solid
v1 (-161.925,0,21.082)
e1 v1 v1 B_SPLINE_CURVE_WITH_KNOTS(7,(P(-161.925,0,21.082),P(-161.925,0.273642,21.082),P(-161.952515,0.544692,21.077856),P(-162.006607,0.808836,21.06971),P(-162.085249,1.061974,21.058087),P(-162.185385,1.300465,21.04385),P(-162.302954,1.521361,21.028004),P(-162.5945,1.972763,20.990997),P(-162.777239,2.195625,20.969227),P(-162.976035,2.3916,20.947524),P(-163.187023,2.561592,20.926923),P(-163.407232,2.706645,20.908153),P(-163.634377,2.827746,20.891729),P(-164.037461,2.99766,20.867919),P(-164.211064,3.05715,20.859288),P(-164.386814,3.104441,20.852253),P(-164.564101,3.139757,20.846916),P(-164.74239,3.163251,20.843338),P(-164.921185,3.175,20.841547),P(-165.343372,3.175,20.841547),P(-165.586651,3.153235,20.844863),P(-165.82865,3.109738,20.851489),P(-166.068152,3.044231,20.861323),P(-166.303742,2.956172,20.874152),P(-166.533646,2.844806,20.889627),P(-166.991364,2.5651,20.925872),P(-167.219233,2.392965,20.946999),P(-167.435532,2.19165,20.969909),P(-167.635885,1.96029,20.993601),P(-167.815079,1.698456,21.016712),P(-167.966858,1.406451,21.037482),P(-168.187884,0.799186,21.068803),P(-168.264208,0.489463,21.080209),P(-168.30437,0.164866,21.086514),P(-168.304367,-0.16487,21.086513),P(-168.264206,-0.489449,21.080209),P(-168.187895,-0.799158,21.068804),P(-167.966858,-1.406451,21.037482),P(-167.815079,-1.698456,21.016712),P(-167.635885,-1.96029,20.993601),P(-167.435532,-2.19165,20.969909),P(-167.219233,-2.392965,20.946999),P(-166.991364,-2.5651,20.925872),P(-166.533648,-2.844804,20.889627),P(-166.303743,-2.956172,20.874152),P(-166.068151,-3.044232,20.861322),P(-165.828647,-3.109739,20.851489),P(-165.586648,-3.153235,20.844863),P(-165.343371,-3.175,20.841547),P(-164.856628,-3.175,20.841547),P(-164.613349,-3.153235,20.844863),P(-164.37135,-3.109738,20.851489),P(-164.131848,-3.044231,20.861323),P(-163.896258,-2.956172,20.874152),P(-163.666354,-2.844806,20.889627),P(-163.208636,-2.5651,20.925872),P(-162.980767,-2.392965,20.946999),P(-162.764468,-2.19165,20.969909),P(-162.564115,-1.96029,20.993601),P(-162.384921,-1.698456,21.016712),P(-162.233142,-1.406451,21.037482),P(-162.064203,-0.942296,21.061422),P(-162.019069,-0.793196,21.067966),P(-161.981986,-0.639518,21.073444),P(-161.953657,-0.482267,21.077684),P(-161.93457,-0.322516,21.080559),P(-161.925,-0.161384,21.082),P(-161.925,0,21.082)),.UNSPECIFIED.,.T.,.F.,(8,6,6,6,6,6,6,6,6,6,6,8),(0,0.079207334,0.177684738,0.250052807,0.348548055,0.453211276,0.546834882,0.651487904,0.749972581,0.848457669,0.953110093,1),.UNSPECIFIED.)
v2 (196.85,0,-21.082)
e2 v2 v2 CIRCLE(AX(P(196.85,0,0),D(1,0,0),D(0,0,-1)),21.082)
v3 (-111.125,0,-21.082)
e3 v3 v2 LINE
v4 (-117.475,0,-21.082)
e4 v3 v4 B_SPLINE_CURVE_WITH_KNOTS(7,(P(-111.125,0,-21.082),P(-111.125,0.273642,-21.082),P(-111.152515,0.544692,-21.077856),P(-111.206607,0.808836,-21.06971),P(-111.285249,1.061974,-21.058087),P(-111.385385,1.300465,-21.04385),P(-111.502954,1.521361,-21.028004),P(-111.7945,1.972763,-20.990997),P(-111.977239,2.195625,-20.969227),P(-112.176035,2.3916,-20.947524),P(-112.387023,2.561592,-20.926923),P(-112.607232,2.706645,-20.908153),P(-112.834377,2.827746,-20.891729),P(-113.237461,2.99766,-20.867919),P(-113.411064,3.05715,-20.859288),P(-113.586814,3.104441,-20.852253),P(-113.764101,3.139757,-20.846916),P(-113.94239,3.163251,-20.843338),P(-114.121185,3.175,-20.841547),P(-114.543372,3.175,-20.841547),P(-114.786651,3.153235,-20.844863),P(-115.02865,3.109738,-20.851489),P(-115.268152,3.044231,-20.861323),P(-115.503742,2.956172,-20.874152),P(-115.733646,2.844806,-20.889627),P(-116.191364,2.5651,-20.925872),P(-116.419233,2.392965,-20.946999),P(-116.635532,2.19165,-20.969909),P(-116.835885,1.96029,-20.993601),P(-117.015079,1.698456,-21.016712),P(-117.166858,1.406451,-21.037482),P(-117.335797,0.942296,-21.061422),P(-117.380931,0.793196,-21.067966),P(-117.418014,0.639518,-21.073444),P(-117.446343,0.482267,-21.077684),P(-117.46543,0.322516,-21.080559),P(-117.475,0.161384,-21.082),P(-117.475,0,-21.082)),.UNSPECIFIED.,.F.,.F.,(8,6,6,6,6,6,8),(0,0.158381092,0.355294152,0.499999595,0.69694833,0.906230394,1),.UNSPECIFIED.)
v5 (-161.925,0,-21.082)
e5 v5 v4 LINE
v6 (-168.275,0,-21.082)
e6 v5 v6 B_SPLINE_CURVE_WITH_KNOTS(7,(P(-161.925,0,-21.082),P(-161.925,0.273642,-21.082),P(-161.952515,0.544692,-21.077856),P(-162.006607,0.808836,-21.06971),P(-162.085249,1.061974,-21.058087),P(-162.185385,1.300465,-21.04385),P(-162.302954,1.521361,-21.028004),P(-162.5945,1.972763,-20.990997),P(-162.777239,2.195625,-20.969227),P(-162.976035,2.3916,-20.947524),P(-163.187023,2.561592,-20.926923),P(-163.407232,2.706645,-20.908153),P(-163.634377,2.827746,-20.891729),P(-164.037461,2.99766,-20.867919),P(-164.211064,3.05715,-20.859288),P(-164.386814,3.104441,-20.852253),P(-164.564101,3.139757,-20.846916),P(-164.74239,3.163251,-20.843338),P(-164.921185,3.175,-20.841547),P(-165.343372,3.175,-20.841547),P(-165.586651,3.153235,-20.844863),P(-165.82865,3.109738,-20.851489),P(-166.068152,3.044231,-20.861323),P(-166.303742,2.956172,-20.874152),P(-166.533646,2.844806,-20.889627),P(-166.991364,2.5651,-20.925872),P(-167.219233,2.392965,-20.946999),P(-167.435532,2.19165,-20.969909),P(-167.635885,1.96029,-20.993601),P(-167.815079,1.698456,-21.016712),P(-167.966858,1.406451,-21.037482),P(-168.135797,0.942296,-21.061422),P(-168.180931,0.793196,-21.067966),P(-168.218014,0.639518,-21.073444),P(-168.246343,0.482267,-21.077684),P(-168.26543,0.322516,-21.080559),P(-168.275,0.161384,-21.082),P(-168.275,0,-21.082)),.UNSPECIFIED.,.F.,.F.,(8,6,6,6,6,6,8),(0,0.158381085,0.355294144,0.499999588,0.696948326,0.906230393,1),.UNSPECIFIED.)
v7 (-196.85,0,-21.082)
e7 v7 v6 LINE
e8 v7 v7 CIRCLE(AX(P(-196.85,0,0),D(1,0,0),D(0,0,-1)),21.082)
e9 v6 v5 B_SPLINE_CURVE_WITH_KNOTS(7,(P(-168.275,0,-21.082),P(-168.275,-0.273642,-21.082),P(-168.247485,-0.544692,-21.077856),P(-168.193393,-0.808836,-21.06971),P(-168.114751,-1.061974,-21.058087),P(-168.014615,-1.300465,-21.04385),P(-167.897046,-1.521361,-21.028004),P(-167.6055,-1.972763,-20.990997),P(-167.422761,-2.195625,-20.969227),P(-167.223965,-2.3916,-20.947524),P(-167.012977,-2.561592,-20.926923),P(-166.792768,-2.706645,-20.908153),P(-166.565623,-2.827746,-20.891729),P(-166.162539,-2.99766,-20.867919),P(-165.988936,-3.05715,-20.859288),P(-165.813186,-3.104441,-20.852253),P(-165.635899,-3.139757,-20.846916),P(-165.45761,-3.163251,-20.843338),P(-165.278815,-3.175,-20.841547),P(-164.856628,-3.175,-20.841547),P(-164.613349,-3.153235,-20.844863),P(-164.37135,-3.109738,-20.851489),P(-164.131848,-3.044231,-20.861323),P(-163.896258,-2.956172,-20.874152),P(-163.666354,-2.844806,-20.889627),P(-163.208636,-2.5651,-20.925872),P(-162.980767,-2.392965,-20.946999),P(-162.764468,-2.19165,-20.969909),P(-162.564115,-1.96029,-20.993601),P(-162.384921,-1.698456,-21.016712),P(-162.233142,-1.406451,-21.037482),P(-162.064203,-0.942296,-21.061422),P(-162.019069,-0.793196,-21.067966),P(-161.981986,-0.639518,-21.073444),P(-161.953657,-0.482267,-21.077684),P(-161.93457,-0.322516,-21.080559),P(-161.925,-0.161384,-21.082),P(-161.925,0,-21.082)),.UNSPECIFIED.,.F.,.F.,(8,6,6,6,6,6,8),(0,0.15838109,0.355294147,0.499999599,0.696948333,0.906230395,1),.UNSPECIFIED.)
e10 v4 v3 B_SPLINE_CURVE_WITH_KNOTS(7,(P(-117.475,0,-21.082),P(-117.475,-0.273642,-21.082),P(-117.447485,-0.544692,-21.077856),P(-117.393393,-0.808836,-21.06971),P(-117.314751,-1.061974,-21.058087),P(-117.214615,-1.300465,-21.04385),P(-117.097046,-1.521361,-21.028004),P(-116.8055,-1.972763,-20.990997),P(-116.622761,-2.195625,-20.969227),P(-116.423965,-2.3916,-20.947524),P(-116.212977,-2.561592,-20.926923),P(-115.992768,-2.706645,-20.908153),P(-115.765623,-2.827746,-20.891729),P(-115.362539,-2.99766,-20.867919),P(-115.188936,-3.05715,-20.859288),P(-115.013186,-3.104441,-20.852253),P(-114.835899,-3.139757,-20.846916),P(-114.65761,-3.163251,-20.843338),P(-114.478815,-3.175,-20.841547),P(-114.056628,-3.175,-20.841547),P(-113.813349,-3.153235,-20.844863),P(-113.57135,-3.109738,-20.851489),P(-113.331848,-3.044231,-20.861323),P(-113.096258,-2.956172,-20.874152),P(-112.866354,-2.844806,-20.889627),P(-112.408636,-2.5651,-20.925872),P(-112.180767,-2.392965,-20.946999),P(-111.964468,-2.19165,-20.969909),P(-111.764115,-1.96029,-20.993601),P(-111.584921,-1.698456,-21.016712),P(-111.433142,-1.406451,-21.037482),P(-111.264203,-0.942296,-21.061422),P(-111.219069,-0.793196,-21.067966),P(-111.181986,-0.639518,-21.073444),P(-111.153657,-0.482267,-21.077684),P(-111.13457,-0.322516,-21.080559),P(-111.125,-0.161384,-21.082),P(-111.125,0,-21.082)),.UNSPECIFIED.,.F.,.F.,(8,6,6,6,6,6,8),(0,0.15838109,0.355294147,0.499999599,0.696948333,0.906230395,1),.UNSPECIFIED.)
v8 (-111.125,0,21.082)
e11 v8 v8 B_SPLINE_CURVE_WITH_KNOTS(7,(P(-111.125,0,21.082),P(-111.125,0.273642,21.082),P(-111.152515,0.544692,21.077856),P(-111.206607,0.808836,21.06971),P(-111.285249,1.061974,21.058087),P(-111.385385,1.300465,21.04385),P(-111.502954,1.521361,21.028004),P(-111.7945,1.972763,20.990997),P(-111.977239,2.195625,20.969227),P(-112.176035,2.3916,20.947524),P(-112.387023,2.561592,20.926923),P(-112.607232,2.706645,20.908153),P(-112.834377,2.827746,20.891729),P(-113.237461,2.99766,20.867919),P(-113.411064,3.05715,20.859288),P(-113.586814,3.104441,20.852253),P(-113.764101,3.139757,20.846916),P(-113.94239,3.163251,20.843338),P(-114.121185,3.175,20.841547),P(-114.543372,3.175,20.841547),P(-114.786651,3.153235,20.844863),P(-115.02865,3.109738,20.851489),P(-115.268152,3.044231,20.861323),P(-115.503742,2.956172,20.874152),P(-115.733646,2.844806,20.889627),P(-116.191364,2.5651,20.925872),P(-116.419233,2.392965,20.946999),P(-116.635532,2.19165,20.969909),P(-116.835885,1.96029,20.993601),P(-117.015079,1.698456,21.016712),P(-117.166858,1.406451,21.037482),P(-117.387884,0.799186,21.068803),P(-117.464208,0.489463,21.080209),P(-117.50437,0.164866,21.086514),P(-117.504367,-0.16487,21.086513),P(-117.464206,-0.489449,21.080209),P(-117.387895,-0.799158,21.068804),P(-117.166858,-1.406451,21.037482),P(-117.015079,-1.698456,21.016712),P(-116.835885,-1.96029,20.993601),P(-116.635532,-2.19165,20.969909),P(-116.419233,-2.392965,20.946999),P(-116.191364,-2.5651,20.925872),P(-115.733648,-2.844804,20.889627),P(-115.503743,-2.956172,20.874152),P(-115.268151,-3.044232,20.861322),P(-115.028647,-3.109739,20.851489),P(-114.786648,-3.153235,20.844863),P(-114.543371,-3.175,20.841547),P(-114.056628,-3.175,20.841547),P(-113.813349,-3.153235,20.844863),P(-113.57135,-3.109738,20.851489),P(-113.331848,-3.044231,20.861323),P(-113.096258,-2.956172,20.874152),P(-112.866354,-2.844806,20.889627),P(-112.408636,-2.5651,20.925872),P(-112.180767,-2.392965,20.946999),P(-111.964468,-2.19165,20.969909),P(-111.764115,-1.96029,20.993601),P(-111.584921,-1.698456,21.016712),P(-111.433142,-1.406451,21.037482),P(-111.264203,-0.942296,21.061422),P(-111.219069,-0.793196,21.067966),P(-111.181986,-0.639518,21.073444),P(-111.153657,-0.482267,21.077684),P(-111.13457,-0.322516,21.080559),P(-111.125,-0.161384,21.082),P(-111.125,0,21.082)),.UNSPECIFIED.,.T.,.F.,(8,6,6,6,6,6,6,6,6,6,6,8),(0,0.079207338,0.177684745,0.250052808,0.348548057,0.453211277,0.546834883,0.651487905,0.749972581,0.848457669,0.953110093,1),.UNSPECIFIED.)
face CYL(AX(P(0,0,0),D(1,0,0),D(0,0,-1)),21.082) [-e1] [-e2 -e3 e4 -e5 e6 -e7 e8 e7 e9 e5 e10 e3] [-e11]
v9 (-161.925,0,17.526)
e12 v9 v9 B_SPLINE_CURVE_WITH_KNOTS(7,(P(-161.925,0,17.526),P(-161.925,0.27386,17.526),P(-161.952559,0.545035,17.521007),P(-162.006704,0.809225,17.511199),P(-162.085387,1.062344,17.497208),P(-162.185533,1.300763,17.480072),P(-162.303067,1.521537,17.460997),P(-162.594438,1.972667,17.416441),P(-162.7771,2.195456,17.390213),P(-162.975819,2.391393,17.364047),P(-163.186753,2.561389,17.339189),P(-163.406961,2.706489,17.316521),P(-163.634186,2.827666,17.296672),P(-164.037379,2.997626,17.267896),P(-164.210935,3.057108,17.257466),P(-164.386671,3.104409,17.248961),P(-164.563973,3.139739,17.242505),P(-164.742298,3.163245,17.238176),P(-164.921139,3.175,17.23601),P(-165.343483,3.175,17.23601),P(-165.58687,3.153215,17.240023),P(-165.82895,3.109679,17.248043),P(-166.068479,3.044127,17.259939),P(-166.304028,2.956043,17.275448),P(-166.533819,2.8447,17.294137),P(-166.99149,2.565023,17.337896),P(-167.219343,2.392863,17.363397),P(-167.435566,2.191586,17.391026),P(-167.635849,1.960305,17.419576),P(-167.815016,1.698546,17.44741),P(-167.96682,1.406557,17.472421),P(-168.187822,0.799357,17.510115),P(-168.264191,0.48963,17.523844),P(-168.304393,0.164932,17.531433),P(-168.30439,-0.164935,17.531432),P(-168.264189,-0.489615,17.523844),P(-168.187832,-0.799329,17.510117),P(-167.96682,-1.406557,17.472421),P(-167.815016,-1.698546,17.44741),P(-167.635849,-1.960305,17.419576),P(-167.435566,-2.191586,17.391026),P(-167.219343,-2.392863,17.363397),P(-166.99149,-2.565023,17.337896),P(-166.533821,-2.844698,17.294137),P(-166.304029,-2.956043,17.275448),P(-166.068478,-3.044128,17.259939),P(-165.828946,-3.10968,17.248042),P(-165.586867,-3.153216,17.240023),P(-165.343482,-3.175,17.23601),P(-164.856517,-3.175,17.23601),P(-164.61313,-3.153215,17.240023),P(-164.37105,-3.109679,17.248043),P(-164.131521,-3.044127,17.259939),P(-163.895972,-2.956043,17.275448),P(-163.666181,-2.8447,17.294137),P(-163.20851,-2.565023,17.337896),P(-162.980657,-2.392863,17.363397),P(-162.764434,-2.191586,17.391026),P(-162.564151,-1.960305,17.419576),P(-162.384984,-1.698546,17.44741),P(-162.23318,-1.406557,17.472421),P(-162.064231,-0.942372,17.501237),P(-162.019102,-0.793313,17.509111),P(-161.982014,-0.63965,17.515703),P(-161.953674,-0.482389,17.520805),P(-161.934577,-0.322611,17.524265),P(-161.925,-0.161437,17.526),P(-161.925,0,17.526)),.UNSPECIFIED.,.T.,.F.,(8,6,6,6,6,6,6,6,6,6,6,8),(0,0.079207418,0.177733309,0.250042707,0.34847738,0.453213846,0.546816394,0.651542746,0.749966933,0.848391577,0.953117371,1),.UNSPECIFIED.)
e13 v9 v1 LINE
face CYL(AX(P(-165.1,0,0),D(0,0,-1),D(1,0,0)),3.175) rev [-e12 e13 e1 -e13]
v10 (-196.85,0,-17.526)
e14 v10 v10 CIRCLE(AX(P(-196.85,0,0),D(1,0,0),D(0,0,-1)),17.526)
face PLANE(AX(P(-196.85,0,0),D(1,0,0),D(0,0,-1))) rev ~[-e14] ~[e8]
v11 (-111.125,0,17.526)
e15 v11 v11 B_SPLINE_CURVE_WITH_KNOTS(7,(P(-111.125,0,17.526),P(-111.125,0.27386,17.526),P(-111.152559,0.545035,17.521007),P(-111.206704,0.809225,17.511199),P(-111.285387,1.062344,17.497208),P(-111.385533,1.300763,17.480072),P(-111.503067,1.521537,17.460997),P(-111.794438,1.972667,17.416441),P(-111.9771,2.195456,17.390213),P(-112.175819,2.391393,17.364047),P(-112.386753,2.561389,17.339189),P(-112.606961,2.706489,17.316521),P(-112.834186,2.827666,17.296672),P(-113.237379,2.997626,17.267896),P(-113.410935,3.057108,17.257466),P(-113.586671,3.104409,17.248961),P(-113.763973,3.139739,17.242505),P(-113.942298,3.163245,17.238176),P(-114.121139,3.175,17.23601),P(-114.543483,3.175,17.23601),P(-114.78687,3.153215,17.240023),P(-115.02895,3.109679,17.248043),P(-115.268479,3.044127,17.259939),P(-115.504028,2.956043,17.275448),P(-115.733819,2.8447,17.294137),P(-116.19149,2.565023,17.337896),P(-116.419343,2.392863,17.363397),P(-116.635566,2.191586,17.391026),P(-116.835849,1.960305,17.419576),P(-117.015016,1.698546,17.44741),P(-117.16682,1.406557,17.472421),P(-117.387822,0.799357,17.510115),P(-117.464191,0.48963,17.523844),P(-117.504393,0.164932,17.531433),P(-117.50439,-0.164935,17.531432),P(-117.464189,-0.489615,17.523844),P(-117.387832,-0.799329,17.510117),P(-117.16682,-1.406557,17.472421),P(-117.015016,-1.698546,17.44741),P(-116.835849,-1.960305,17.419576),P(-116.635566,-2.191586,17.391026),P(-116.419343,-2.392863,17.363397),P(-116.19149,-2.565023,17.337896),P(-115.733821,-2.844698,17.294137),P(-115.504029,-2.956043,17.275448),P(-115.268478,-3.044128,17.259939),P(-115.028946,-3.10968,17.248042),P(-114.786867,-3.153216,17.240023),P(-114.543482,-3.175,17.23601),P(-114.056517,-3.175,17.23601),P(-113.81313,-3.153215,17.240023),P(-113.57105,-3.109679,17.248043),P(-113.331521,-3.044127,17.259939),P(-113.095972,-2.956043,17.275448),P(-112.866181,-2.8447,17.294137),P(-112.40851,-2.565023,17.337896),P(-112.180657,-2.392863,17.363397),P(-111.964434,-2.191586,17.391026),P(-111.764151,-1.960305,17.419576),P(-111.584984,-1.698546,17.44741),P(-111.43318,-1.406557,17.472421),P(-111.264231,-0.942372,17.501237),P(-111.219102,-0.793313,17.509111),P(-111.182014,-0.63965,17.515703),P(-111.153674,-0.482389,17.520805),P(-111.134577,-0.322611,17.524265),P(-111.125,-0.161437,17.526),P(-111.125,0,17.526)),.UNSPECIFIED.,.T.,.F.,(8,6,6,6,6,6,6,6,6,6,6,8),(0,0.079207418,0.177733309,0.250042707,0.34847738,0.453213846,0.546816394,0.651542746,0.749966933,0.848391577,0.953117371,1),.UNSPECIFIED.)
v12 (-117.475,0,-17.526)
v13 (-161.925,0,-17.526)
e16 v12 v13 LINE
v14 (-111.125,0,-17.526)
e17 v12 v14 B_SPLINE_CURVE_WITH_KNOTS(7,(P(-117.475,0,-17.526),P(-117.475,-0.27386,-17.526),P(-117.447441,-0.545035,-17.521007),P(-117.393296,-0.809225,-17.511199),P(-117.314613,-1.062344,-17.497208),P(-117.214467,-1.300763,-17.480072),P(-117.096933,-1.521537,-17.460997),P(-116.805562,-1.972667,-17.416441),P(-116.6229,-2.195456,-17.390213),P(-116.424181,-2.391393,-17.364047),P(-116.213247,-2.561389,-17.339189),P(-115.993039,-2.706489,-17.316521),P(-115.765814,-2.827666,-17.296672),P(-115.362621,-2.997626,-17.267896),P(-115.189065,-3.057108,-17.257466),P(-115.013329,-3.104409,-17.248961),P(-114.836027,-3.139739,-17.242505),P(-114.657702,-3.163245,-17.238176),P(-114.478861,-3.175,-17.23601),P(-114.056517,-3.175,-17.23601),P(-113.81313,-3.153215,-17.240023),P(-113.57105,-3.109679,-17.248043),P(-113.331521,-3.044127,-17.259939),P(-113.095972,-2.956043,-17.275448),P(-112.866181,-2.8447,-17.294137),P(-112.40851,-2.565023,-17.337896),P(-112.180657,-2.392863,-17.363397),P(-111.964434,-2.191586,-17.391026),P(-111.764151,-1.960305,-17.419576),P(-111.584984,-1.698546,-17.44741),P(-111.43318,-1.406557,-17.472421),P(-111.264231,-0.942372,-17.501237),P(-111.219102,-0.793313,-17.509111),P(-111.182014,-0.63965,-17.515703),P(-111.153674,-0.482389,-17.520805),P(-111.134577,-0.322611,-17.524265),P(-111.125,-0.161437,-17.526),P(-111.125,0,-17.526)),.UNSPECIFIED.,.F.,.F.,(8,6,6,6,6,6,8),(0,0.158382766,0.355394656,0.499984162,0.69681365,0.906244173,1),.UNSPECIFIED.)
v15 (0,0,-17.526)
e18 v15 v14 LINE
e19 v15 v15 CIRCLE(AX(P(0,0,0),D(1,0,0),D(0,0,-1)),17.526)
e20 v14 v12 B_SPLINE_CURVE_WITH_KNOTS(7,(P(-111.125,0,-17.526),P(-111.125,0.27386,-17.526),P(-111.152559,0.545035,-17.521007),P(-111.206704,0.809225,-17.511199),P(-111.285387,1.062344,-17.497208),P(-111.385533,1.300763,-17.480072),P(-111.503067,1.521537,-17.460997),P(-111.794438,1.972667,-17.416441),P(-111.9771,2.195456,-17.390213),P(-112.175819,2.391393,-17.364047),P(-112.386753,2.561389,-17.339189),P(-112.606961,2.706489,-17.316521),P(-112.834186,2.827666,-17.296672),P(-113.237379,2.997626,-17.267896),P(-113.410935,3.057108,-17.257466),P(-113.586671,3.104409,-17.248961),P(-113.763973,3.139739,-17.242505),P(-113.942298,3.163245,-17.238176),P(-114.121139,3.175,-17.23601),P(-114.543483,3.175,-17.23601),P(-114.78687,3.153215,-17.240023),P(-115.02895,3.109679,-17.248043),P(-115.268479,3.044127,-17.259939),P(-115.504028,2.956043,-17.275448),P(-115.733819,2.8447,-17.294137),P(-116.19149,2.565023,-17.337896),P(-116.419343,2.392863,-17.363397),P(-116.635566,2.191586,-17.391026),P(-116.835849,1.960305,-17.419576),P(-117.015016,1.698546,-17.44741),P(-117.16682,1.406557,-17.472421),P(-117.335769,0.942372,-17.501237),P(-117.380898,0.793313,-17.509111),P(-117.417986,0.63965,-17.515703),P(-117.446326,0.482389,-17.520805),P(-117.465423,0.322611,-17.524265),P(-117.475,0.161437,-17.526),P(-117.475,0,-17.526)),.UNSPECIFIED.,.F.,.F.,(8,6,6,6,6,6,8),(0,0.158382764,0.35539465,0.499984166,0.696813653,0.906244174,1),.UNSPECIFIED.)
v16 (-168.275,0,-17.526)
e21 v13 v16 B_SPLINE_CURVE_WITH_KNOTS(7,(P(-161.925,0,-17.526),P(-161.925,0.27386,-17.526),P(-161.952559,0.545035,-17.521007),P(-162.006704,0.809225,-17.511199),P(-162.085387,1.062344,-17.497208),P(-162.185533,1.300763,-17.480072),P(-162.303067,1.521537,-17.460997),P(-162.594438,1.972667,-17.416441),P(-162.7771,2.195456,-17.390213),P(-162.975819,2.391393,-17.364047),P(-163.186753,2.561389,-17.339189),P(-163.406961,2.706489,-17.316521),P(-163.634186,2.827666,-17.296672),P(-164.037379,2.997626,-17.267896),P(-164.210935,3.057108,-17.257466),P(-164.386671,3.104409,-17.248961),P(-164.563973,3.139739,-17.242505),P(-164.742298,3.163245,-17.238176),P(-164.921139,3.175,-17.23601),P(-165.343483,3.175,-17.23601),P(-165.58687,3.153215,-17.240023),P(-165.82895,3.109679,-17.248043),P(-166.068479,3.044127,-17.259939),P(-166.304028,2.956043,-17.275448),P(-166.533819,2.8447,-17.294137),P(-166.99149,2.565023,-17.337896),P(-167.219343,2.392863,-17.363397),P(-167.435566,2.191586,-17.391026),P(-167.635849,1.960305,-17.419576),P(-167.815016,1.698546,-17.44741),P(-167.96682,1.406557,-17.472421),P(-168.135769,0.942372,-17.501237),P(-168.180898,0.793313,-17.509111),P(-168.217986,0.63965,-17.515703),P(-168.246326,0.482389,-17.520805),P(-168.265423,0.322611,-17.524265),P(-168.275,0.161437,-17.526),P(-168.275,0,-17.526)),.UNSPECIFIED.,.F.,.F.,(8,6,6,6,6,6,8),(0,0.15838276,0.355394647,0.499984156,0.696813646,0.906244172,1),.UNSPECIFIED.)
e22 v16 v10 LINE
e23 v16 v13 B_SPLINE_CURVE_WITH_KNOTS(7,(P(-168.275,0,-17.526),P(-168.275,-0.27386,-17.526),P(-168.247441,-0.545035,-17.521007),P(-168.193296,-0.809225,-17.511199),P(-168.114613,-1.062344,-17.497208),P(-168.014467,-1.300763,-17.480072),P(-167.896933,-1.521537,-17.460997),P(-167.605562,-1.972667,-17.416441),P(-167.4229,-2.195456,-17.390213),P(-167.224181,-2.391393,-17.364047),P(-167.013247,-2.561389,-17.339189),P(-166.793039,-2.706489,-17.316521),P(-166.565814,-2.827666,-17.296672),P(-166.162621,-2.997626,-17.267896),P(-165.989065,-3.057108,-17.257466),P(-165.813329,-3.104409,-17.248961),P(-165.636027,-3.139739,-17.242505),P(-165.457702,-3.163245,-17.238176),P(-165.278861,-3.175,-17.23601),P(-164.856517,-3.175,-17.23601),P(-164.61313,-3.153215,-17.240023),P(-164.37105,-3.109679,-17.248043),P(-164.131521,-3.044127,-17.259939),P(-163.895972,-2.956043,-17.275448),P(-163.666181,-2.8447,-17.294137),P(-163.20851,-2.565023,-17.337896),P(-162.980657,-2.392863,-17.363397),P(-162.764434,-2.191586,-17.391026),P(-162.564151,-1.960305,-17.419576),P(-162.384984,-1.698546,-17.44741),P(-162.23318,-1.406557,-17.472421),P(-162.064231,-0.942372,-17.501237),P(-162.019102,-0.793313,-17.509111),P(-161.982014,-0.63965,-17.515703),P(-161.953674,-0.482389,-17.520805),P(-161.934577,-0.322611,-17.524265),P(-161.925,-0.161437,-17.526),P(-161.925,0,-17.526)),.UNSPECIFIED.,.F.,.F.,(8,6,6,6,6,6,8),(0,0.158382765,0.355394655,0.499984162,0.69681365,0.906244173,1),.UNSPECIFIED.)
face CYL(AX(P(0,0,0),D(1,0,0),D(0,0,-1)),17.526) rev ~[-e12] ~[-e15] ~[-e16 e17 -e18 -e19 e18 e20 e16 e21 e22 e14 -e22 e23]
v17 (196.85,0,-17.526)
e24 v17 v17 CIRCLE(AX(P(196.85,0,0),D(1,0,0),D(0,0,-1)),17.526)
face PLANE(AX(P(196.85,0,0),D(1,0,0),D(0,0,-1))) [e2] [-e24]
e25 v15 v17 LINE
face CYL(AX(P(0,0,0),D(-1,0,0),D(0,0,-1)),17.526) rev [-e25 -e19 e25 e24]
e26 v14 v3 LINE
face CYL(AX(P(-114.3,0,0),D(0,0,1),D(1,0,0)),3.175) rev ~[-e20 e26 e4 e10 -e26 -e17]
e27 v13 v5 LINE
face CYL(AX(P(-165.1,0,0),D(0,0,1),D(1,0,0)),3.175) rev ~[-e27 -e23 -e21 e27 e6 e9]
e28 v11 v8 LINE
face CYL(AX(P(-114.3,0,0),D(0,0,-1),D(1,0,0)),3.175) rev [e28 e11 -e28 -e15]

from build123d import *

# Parameters (mm, degrees)
SKETCH1_R                = 21.082
SKETCH1_R_2              = 17.526
BOSS_EXTRUDE1_DEPTH      = 196.85
BOSS_EXTRUDE1_DEPTH_BACK = 196.85
SKETCH2_R                = 3.175
CUT_EXTRUDE1_DEPTH       = 22.082
CUT_EXTRUDE1_DEPTH_BACK  = 22.082


with BuildPart() as part:
    # Sketch1 → Boss-Extrude1 (new body, two sides)
    with BuildSketch(Plane(origin=(0, 0, 0), x_dir=(0, 0, -1), z_dir=(1, 0, 0))) as boss_extrude1_sk:
        Circle(SKETCH1_R)
        Circle(SKETCH1_R_2, mode=Mode.SUBTRACT)
    extrude(amount=BOSS_EXTRUDE1_DEPTH)
    extrude(boss_extrude1_sk.sketch, amount=-BOSS_EXTRUDE1_DEPTH_BACK)

    # Sketch2 → Cut-Extrude1 (cut, two sides)
    with BuildSketch(Plane.XY) as cut_extrude1_sk:
        with Locations((-114.3, 0)):
            Circle(SKETCH2_R)
        with Locations((-165.1, 0)):
            Circle(SKETCH2_R)
    extrude(amount=CUT_EXTRUDE1_DEPTH, mode=Mode.SUBTRACT)
    extrude(cut_extrude1_sk.sketch, amount=-CUT_EXTRUDE1_DEPTH_BACK, mode=Mode.SUBTRACT)


solid = part.part
